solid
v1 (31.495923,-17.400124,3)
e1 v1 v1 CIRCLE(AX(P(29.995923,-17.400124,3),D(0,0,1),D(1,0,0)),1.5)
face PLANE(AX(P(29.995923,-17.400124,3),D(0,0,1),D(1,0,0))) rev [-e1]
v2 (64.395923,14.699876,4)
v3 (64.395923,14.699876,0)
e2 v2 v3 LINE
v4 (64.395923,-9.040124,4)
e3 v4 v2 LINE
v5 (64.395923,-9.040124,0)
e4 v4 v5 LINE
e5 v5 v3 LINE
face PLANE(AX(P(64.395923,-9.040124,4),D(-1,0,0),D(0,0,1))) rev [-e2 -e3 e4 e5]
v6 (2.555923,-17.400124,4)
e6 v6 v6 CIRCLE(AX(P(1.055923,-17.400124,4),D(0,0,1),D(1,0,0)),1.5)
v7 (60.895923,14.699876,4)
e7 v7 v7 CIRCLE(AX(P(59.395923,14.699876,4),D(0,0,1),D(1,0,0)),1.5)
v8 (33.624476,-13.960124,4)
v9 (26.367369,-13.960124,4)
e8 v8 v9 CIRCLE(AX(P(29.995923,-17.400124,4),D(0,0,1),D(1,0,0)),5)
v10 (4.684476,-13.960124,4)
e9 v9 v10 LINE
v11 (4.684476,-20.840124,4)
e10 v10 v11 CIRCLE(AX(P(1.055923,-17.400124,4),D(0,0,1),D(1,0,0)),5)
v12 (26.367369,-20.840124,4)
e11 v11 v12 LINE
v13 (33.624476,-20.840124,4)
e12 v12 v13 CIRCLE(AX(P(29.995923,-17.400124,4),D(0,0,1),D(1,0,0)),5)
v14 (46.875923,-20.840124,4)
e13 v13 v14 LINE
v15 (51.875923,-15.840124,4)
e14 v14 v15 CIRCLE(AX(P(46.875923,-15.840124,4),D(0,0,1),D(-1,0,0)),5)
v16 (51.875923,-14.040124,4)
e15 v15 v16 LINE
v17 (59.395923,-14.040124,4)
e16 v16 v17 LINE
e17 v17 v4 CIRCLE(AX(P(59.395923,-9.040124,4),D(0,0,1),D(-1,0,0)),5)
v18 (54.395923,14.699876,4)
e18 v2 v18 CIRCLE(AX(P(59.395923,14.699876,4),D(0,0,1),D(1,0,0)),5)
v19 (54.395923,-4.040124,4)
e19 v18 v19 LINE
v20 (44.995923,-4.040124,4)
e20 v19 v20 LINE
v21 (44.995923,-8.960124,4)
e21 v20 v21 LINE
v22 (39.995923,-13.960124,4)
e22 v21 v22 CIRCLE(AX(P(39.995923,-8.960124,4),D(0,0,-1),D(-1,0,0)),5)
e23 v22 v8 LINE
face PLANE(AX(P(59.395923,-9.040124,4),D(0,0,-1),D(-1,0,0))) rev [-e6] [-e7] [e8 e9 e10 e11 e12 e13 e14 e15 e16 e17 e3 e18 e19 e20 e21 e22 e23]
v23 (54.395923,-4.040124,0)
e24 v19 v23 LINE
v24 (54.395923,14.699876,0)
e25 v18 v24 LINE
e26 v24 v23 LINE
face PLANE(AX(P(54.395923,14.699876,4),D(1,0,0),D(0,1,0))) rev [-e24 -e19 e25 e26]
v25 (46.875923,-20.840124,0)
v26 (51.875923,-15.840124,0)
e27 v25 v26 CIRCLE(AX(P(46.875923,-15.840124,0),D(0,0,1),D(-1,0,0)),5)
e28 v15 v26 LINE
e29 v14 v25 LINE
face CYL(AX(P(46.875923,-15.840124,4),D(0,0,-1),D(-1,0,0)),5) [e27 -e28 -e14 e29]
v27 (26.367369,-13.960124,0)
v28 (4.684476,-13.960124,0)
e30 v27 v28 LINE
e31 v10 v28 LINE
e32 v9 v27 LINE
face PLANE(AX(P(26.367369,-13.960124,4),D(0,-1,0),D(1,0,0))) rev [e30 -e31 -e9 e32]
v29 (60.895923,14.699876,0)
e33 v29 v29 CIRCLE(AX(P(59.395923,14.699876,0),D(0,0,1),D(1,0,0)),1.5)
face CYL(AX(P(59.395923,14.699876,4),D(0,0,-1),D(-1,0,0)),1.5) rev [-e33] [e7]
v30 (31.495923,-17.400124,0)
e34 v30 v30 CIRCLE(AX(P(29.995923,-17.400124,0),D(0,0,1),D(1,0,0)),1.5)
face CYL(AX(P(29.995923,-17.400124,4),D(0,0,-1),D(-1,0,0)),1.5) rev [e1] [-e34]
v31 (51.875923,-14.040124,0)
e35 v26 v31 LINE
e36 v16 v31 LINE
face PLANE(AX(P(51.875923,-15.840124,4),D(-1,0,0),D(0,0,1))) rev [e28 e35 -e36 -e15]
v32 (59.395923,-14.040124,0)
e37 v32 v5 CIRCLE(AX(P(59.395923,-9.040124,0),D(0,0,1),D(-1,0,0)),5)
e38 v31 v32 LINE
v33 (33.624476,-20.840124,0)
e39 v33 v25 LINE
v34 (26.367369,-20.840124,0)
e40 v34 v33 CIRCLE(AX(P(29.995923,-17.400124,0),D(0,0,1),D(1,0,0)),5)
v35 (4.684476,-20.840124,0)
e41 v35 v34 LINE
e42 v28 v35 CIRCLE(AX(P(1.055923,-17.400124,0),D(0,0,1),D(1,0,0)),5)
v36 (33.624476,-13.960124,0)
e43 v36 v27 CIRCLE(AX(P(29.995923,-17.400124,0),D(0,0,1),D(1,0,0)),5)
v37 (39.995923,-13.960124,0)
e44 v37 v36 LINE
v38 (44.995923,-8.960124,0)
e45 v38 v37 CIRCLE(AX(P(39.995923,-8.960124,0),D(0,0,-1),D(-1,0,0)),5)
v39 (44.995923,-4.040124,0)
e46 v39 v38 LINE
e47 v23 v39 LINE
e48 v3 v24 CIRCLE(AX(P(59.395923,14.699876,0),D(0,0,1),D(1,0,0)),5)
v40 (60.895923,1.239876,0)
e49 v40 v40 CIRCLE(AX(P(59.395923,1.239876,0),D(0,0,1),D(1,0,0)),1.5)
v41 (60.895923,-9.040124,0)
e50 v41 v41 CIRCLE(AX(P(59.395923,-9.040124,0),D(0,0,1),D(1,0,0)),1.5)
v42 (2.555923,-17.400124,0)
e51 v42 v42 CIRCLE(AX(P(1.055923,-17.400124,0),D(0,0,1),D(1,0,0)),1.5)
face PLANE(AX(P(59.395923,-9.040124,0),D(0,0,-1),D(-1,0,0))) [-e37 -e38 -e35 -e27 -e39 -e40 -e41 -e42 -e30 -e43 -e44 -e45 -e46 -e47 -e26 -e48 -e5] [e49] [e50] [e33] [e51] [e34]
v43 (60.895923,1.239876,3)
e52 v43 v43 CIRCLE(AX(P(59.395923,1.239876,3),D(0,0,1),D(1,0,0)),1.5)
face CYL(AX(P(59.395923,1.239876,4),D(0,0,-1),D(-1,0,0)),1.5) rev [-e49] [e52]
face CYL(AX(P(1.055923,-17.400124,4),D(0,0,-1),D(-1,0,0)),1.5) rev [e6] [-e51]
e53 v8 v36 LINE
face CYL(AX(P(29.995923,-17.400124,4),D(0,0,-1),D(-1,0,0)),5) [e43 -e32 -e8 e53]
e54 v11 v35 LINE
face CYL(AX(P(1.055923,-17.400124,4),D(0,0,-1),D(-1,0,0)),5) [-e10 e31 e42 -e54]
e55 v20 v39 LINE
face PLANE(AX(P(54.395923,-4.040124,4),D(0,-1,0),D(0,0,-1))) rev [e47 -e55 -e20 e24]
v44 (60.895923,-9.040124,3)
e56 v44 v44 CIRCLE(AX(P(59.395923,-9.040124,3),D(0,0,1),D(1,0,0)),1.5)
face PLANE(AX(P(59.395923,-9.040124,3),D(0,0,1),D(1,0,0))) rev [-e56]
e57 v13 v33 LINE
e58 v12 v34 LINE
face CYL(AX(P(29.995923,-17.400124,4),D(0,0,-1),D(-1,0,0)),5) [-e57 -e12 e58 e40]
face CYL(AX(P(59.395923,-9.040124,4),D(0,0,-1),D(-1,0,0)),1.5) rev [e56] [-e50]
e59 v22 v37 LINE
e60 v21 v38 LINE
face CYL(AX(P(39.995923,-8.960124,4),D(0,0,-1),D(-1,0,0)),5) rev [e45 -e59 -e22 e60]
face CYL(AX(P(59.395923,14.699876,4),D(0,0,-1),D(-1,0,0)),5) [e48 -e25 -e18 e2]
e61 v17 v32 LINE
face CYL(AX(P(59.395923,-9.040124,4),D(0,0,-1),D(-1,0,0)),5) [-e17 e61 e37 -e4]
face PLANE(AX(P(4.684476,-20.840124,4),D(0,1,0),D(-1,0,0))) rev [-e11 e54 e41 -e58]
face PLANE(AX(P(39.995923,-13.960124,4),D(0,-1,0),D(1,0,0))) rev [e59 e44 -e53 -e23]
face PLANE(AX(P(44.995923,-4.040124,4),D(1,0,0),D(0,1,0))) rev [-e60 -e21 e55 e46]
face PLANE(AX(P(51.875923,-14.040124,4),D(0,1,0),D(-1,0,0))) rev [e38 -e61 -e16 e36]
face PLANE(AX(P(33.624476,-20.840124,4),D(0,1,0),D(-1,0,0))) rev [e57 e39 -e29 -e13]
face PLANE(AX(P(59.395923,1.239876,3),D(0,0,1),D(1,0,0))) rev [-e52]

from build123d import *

# Parameters (mm, degrees)
CROQUIS1_R              = 1.5
SALIENTE_EXTRUIR1_DEPTH = 4
SALIENTE_EXTRUIR2_START = -1
CROQUIS2_R              = 1.5
SALIENTE_EXTRUIR2_DEPTH = 1


with BuildPart() as part:
    # Croquis1 → Saliente-Extruir1 (new body)
    with BuildSketch(Plane.XY):
        with BuildLine():
            Line((51.875922813, -14.040123785), (59.395922813, -14.040123785))
            ThreePointArc((59.395922813, -14.040123785), (62.931456719, -12.575657691), (64.395922813, -9.040123785))
            Line((64.395922813, -9.040123785), (64.395922813, 14.699876215))
            ThreePointArc((64.395922813, 14.699876215), (59.395922813, 19.699876215), (54.395922813, 14.699876215))
            Line((54.395922813, 14.699876215), (54.395922813, -4.040123785))
            Line((54.395922813, -4.040123785), (44.995922813, -4.040123785))
            Line((44.995922813, -4.040123785), (44.995922813, -8.960123785))
            ThreePointArc((44.995922813, -8.960123785), (43.531456719, -12.495657691), (39.995922813, -13.960123785))
            Line((39.995922813, -13.960123785), (33.624476244, -13.960123785))
            ThreePointArc((33.624476244, -13.960123785), (29.995922813, -12.400123785), (26.367369382, -13.960123785))
            Line((26.367369382, -13.960123785), (4.684476244, -13.960123785))
            ThreePointArc((4.684476244, -13.960123785), (-3.944077187, -17.400123785), (4.684476244, -20.840123785))
            Line((4.684476244, -20.840123785), (26.367369382, -20.840123785))
            ThreePointArc((26.367369382, -20.840123785), (29.995922813, -22.400123785), (33.624476244, -20.840123785))
            Line((33.624476244, -20.840123785), (46.875922813, -20.840123785))
            ThreePointArc((46.875922813, -20.840123785), (50.411456719, -19.375657691), (51.875922813, -15.840123785))
            Line((51.875922813, -15.840123785), (51.875922813, -14.040123785))
        make_face()
        with Locations((59.395922813, -9.040123785)):
            Circle(CROQUIS1_R, mode=Mode.SUBTRACT)
        with Locations((59.395922813, 1.239876215)):
            Circle(CROQUIS1_R, mode=Mode.SUBTRACT)
        with Locations((59.395922813, 14.699876215)):
            Circle(CROQUIS1_R, mode=Mode.SUBTRACT)
        with Locations((29.995922813, -17.400123785)):
            Circle(CROQUIS1_R, mode=Mode.SUBTRACT)
        with Locations((1.055922813, -17.400123785)):
            Circle(CROQUIS1_R, mode=Mode.SUBTRACT)
    extrude(amount=SALIENTE_EXTRUIR1_DEPTH)

    # Croquis2 → Saliente-Extruir2 (add)
    with BuildSketch(Plane.XY.offset(4).offset(SALIENTE_EXTRUIR2_START)):
        with Locations((59.395922813, 1.239876215)):
            Circle(CROQUIS2_R)
        with Locations((59.395922813, -9.040123785)):
            Circle(CROQUIS2_R)
        with Locations((29.995922813, -17.400123785)):
            Circle(CROQUIS2_R)
    extrude(amount=SALIENTE_EXTRUIR2_DEPTH)


solid = part.part
